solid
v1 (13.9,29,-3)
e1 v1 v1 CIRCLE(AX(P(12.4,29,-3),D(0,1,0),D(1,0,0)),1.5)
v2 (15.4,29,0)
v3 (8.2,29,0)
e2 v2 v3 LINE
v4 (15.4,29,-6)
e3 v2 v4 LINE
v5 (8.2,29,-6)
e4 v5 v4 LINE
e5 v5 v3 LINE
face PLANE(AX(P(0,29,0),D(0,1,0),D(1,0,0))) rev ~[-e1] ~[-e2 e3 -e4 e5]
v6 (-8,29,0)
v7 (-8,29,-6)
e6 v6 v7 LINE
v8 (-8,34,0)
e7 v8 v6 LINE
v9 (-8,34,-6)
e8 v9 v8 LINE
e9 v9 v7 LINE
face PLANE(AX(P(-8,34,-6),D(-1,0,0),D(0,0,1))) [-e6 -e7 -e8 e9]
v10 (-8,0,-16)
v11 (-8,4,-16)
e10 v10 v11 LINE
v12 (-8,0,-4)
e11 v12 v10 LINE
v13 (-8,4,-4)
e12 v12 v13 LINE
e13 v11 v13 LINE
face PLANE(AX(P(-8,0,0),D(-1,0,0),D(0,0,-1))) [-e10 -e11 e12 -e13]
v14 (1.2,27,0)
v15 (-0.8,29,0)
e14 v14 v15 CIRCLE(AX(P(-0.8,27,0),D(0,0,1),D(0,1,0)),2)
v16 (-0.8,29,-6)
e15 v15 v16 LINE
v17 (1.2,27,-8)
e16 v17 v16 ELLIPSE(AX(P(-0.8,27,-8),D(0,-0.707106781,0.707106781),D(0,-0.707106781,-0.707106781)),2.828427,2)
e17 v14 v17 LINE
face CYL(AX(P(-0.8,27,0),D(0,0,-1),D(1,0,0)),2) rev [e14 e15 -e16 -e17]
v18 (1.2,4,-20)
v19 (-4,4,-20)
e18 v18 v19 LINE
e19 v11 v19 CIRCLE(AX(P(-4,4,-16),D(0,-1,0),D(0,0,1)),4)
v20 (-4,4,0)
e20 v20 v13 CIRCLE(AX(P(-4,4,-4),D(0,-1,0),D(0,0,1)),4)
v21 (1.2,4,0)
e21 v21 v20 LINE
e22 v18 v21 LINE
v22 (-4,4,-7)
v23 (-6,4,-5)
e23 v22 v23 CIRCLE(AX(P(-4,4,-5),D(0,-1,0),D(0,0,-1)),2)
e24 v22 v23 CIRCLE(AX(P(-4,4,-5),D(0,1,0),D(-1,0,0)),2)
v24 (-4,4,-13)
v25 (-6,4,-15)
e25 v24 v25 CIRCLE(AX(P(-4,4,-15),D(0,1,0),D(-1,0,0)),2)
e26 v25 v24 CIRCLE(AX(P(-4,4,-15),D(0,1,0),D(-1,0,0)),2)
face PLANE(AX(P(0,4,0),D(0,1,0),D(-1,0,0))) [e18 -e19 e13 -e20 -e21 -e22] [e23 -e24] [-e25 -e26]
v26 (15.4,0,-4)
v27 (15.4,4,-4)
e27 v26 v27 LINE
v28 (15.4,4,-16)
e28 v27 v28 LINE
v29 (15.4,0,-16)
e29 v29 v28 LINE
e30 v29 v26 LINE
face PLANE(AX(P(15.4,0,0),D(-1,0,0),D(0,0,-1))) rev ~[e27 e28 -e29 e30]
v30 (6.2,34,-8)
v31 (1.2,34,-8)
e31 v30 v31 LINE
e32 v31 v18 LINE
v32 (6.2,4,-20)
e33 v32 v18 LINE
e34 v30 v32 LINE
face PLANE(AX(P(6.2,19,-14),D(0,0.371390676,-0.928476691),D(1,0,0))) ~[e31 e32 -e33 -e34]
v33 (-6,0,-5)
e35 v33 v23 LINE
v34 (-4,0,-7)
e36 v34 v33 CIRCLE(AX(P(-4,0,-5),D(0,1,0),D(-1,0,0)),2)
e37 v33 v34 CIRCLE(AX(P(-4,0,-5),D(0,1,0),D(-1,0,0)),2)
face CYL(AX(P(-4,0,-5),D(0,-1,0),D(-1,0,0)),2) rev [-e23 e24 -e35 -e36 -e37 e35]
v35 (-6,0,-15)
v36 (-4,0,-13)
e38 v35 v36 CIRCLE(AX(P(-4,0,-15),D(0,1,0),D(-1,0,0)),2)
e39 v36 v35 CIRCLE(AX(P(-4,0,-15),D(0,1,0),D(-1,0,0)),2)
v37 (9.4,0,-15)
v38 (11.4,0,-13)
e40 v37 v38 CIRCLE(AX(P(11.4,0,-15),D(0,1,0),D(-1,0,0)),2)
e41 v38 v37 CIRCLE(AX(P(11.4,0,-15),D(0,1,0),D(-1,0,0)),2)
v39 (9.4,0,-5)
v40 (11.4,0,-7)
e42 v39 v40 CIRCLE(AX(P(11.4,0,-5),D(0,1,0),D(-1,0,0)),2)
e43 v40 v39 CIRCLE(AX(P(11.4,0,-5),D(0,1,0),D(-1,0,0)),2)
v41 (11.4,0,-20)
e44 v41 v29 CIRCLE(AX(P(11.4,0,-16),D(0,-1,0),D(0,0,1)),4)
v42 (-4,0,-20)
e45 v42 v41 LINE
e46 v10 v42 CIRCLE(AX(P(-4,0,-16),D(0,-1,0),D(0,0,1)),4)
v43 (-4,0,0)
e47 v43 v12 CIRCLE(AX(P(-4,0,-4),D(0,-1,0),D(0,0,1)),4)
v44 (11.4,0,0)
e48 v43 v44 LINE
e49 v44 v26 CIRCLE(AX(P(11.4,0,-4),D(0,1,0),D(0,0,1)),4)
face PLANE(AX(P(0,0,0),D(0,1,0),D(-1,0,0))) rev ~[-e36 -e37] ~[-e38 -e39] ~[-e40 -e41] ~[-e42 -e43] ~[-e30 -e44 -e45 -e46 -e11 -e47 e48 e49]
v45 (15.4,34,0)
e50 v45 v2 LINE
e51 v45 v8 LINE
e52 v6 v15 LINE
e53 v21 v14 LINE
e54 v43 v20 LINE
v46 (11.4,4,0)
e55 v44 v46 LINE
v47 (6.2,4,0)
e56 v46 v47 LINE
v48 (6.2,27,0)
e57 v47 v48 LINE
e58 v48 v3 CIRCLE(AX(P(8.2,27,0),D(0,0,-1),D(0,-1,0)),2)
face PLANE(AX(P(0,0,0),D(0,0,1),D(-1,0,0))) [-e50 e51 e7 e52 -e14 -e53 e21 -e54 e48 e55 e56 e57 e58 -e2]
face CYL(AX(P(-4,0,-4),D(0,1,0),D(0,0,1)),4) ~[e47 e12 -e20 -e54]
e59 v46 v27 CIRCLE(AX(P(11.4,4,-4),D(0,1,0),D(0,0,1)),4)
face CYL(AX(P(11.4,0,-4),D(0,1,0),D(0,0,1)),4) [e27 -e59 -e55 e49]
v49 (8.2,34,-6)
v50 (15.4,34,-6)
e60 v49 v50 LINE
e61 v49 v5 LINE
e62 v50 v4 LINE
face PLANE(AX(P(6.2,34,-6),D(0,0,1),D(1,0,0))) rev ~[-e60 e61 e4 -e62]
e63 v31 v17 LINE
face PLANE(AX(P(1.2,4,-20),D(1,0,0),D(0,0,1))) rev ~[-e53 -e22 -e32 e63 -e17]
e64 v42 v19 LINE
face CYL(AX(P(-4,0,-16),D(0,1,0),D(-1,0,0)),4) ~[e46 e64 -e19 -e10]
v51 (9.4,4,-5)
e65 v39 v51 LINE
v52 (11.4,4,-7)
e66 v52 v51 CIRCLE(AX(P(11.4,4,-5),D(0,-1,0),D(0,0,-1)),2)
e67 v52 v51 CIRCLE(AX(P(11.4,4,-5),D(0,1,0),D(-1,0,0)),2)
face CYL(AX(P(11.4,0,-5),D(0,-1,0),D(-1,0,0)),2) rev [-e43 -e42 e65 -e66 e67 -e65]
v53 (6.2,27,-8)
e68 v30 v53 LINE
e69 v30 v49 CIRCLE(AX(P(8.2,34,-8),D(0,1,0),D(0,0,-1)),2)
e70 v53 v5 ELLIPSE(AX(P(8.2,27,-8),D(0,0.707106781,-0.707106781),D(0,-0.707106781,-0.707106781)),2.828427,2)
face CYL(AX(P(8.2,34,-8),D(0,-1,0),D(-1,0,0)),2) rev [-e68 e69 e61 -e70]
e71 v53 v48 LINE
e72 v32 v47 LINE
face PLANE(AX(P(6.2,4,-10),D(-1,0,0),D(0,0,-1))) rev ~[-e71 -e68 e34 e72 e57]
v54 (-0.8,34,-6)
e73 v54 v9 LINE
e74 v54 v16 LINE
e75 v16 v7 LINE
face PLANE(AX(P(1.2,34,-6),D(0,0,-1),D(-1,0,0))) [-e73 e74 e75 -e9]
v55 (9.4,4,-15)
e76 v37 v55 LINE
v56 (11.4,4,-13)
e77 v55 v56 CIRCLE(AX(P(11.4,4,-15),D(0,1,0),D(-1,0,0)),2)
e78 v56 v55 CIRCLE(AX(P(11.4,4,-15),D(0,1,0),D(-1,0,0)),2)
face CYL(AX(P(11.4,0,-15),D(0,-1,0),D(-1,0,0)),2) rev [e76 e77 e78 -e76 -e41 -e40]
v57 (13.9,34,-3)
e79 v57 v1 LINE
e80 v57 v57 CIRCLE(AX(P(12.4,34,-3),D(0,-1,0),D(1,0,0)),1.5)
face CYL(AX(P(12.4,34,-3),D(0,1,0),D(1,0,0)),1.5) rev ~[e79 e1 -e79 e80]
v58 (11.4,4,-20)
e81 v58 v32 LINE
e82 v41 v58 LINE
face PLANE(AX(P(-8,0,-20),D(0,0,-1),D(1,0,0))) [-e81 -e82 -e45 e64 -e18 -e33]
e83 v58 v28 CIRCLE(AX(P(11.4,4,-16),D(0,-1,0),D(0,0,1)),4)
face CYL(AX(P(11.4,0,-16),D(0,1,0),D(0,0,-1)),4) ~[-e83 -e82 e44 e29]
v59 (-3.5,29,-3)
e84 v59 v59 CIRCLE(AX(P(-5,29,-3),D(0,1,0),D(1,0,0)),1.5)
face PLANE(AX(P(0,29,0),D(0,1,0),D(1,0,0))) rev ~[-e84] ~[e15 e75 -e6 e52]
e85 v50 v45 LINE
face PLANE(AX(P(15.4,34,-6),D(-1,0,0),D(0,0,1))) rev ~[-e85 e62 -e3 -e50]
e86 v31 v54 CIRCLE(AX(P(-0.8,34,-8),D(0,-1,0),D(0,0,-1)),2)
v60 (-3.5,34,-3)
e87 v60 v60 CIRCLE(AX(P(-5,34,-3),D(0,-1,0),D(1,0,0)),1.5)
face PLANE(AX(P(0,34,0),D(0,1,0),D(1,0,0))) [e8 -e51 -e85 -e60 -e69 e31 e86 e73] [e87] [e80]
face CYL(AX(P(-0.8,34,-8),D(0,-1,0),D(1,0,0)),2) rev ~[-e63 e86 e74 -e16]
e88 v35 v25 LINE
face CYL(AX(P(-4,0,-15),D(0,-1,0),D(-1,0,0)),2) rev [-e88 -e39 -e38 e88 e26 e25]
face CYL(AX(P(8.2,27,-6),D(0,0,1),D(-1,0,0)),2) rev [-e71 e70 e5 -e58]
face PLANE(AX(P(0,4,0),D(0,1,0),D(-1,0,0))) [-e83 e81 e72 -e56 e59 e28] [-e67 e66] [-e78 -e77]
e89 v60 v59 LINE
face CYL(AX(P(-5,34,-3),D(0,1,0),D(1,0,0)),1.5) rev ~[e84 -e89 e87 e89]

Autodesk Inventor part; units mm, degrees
ref_plane "YZ Plane" through (0, 0, 0) normal (1, 0, 0) x (0, 1, 0)
ref_plane "XZ Plane" through (0, 0, 0) normal (0, 1, 0) x (-1, 0, 0)
ref_plane "XY Plane" through (0, 0, 0) normal (0, 0, 1) x (1, 0, 0)
sketch "Sketch1" plane through (0, 0, 0) normal (0, 1, 0) x (-1, 0, 0)
  line L0 (0, 0) -> (8, 0)
  line L1 (8, 0) -> (8, -20)
  line L2 (8, -20) -> (0, -20)
  line L3 (0, -20) -> (0, 0)
  line L4 (0, 0) -> (-3.7, 0)
  line L5 (-3.7, 0) -> (-3.7, -20)
  line L6 (-3.7, -20) -> (0, -20)
  line L7 (0, -20) -> (0, 0)
  line L8 (8, 0) -> (4, 0)
  line L9 (4, 0) -> (4, -5)
  line L10 (4, -5) -> (8, -5)
  line L11 (8, -5) -> (8, 0)
  line L12 (4, -5) -> (4, -15)
  circle A0 centre (4, -5) radius 2
  circle A1 centre (4, -15) radius 2
  line L13 (-7.4, 0) -> (-15.4, 0)
  line L14 (-15.4, 0) -> (-15.4, -20)
  line L15 (-15.4, -20) -> (-7.4, -20)
  line L16 (-7.4, -20) -> (-7.4, 0)
  line L17 (-7.4, 0) -> (-3.7, 0)
  line L18 (-3.7, -20) -> (-7.4, -20)
  line L19 (-7.4, -20) -> (-7.4, 0)
  line L20 (-15.4, 0) -> (-11.4, 0)
  line L21 (-11.4, 0) -> (-11.4, -5)
  line L22 (-11.4, -5) -> (-15.4, -5)
  line L23 (-15.4, -5) -> (-15.4, 0)
  line L24 (-11.4, -5) -> (-11.4, -15)
  circle A2 centre (-11.4, -5) radius 2
  circle A3 centre (-11.4, -15) radius 2
  dimension "d0" = 8
  dimension "d1" = 20
  dimension "d2" = 3.7
  dimension "d3" = 4
  dimension "d4" = 5
  dimension "d5" = 10
  dimension "d6" = 4
  dimension "d7" = 4
extrude "Extrusion1" add sketch "Sketch1" along normal blind 4 contours L0 L9 A0 L10 L1 L2 L3 | L3 L6 L5 L4 | L0 L1 L10 A0 L9 | L5 L18 L16 L17 | L16 L15 L14 L22 A2 L21 L13 | L21 A2 L22 L14 L13
fillet "Fillet1" radius 4 4 edges at (-8, 2, 0) (15.4, 2, 0) (15.4, 2, -20) (-8, 2, -20)
sketch "Sketch2" plane through (0, 4, 0) normal (0, 1, 0) x (1, 0, 0)
  line L0 (-8, 16) -> (-8, 4) projected
  line L1 (-8, 10) -> (15.4, 10)
  line L2 (15.4, 4) -> (15.4, 16) projected
  line L3 (11.4, 20) -> (-4, 20) projected
  line L4 (1.2, 0) -> (6.2, 0)
  line L5 (6.2, 0) -> (6.2, 20)
  line L6 (6.2, 20) -> (1.2, 20)
  line L7 (1.2, 20) -> (1.2, 0)
  line L8 (1.2, 0) -> (6.2, 20) construction
  line L9 (6.2, 0) -> (1.2, 20) construction
  point P0 (0, 0)
  point P1 (3.7, 10)
  point P2 (1.2, 20)
  dimension "d11" = 5
extrude "Extrusion2" add sketch "Sketch2" along normal blind 30
sketch "Sketch3" plane through (0, 34, 0) normal (0, 1, 0) x (1, 0, 0)
  line L0 (6.2, 20) -> (6.2, 0) projected
  line L1 (1.2, 0) -> (1.2, 20) projected
  line L2 (6.2, 0) -> (1.2, 0)
  line L3 (1.2, 0) -> (1.2, 6)
  line L4 (1.2, 6) -> (6.2, 6)
  line L5 (6.2, 6) -> (6.2, 0)
  line L6 (1.2, 6) -> (-8, 6)
  line L7 (-8, 6) -> (-8, 0)
  line L8 (-8, 0) -> (1.2, 0)
  line L9 (1.2, 0) -> (1.2, 6)
  line L10 (6.2, 6) -> (15.4, 6)
  line L11 (15.4, 6) -> (15.4, 0)
  line L12 (15.4, 0) -> (6.2, 0)
  line L13 (6.2, 0) -> (6.2, 6)
  line L14 (-8, 0) -> (-5, 0)
  line L15 (-5, 0) -> (-5, 3)
  line L16 (-5, 3) -> (-8, 3)
  line L17 (-8, 3) -> (-8, 0)
  line L18 (15.4, 0) -> (12.4, 0)
  line L19 (12.4, 0) -> (12.4, 3)
  line L20 (12.4, 3) -> (15.4, 3)
  line L21 (15.4, 3) -> (15.4, 0)
  circle A0 centre (-5, 3) radius 1.5
  circle A1 centre (12.4, 3) radius 1.5
  point P0 (0, 0)
  dimension "d14" = 6
  dimension "d15" = 6
  dimension "d16" = 6
  dimension "d17" = 3
  dimension "d18" = 3
  dimension "d19" = 3
  dimension "d20" = 3
  dimension "d21" = 3
  dimension "d22" = 3
extrude "Extrusion3" add sketch "Sketch3" against normal blind 5 contours L10 L11 L20 A1 L19 L12 L0 | L1 L8 L15 A0 L16 L7 L6 | L19 A1 L20 L11 L12 | L8 L7 L16 A0 L15
fillet "Fillet2" radius 2 4 edges at (1.2, 31.5, -6) (6.2, 31.5, -6) (6.2, 29, -3) (1.2, 29, -3)
chamfer "Chamfer1" distance 12 distance2 30 1 edges at (3.7, 34, -20) measured on face at (2.8667, 34, -16)
properties part number "rigid_support3"
